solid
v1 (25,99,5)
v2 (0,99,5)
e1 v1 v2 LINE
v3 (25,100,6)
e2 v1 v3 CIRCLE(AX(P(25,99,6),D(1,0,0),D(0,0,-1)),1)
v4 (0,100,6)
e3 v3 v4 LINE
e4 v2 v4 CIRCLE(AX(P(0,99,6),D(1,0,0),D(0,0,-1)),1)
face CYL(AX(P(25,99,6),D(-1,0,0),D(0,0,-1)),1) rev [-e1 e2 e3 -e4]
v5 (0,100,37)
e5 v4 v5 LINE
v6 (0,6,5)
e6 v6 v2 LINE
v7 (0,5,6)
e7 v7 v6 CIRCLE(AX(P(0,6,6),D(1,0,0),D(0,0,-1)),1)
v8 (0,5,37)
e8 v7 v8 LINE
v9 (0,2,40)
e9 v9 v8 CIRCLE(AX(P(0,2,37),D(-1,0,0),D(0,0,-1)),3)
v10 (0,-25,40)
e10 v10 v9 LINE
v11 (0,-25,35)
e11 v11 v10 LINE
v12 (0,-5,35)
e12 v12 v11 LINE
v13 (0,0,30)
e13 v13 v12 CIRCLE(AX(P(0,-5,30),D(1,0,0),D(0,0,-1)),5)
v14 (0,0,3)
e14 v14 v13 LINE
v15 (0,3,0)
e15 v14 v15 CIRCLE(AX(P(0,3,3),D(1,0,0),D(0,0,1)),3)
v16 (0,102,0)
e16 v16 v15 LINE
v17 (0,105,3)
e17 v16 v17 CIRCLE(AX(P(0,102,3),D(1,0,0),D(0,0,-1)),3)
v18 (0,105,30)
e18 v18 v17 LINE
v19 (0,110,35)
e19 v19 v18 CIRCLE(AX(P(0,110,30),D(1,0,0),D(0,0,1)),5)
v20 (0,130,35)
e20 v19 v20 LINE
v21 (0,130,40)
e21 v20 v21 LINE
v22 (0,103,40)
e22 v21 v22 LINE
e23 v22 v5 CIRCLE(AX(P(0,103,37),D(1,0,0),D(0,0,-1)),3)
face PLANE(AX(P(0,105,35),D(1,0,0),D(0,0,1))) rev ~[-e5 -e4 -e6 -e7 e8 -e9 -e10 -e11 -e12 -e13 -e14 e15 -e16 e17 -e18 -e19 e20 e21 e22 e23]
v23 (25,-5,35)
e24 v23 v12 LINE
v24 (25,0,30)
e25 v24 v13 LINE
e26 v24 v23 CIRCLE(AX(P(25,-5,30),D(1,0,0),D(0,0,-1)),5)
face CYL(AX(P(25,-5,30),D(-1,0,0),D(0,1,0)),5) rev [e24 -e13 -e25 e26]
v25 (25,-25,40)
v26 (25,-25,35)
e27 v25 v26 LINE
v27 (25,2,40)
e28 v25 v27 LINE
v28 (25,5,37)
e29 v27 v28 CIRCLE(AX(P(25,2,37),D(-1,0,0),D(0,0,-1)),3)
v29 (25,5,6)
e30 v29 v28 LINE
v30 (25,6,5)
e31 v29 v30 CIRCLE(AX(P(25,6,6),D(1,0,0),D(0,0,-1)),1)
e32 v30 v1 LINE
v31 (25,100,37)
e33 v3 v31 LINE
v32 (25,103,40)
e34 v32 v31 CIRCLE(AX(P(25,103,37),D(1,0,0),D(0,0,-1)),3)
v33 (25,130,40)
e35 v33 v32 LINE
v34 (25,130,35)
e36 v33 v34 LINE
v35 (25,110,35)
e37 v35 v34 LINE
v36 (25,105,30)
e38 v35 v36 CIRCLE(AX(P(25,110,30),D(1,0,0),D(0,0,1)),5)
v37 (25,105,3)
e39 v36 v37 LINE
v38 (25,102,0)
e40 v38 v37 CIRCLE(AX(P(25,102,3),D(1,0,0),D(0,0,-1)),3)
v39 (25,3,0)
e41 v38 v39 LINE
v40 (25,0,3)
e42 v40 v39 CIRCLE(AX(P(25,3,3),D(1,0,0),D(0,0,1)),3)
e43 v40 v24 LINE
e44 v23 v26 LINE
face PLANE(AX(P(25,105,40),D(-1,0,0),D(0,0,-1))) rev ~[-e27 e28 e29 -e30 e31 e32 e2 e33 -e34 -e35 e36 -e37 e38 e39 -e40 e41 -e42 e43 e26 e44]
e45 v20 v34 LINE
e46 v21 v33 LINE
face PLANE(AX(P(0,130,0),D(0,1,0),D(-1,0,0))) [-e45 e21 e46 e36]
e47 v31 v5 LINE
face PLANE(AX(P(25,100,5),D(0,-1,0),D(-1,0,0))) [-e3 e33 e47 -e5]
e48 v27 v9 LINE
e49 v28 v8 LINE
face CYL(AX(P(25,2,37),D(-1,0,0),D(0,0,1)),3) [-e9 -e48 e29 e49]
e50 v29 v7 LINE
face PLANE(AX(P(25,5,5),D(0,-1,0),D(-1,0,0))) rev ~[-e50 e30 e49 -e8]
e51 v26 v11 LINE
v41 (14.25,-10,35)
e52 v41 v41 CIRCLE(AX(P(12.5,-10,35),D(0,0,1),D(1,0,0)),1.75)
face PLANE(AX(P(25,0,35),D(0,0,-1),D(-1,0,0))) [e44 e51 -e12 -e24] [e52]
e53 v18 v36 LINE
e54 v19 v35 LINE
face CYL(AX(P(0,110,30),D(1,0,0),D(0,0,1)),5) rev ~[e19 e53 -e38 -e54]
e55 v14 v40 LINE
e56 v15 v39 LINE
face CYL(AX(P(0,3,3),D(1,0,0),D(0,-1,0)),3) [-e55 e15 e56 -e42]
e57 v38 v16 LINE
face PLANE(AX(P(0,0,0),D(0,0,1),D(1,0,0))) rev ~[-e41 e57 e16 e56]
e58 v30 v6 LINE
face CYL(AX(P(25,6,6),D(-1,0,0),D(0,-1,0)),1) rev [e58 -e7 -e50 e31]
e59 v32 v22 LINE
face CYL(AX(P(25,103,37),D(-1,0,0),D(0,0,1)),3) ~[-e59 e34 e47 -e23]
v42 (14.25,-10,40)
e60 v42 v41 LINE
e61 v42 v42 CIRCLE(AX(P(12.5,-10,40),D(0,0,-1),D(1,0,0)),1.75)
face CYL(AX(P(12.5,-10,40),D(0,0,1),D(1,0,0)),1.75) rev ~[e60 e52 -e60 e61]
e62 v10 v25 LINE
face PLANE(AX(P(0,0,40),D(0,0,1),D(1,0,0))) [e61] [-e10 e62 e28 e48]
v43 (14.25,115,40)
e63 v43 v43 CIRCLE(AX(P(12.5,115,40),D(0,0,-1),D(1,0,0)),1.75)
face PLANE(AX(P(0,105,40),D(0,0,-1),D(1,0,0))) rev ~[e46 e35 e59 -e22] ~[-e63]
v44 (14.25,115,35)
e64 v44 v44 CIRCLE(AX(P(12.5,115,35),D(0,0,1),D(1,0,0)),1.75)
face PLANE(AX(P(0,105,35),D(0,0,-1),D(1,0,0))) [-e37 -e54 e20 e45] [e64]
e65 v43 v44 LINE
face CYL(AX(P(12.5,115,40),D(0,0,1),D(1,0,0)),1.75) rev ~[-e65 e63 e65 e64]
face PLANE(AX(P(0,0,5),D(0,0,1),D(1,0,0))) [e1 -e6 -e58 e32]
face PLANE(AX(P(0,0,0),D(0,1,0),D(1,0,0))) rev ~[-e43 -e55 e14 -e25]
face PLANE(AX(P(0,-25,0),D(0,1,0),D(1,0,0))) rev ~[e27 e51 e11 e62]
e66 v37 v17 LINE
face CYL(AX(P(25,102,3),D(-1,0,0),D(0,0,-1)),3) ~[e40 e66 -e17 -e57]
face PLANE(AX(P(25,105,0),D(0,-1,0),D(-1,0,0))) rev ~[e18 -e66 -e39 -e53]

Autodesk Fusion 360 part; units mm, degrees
sketch "Boceto1" plane through (0, 0, 0) normal (0, 1, 0) x (1, 0, 0)
sketch "Boceto2" plane through (0, 0, 0) normal (0, 0, 1) x (1, 0, 0)
  line L0 (0, 0) -> (0, 90)
  line L1 (0, 90) -> (25, 90)
  line L2 (0, 0) -> (25, 0)
  line L3 (25, 0) -> (25, 90)
  line L4 (25, 90) -> (25, 92)
  line L5 (25, 90) -> (25, 105)
  line L6 (25, 105) -> (0, 105)
  line L7 (0, 105) -> (0, 90)
  dimension "d1" = 90
  dimension "d2" = 25
  dimension "d4" = 15
extrude "Extruir1" add sketch "Boceto2" along normal blind 5
sketch "Boceto3" plane through (0, 0, 5) normal (0, 0, 1) x (1, 0, 0)
  line L0 (0, 0) -> (25, 0)
  line L1 (25, 0) -> (25, 105)
  line L2 (25, 105) -> (0, 105)
  line L3 (0, 105) -> (0, 0)
  line L4 (0, 0) -> (25, 0)
  line L5 (25, 0) -> (25, 5)
  line L6 (25, 5) -> (0, 5)
  line L7 (0, 5) -> (0, 0)
  line L8 (0, 105) -> (25, 105)
  line L9 (25, 105) -> (25, 100)
  line L10 (25, 100) -> (0, 100)
  line L11 (0, 100) -> (0, 105)
  dimension "d7" = 5
  dimension "d8" = 5
extrude "Extruir2" add sketch "Boceto3" along normal blind 35 contours L0 L1 L3 L4 L5 L6 L7 | L1 L2 L3 L8 L9 L10 L11
sketch "Boceto4" plane through (0, 0, 0) normal (0, 1, 0) x (1, 0, 0)
  line L0 (0, -40) -> (25, -40)
  line L1 (25, -40) -> (25, -35)
  line L2 (25, -35) -> (0, -35)
  line L3 (0, -35) -> (0, -40)
  dimension "d11" = 5
extrude "Extruir3" add sketch "Boceto4" against normal blind 25
sketch "Boceto5" plane through (0, 105, 0) normal (0, 1, 0) x (-1, 0, 0)
  line L0 (-25, 0) -> (0, 0)
  line L1 (0, 0) -> (0, 40)
  line L2 (0, 40) -> (-25, 40)
  line L3 (-25, 40) -> (-25, 0)
  line L4 (-25, 40) -> (0, 40)
  line L5 (0, 40) -> (0, 35)
  line L6 (0, 35) -> (-25, 35)
  line L7 (-25, 35) -> (-25, 40)
extrude "Extruir4" add sketch "Boceto5" along normal blind 25 contours L1 L2 L3 L4 L5 L6 L7
sketch "Boceto6" plane through (0, 0, 40) normal (0, 0, 1) x (1, 0, 0)
  line L0 (0, 100) -> (25, 100)
  line L1 (25, 100) -> (25, 130)
  line L2 (25, 130) -> (0, 130)
  line L3 (0, 130) -> (0, 100)
  line L4 (12.5, 130) -> (12.5, 115)
  circle A0 centre (12.5, 115) radius 1.75
  line L5 (0, 50) -> (30, 50)
  line L6 (0, -25) -> (25, -25)
  line L7 (12.5, -25) -> (12.5, -10)
  circle A1 centre (12.5, -10) radius 1.75
  dimension "d16" = 3.5
  dimension "d17" = 3.5
extrude "Extruir5" cut sketch "Boceto6" against normal blind 5 contours A0 | A1
fillet "Empalme1" radius 5 1 edges at (12.5, 105, 35)
fillet "Empalme2" radius 5 1 edges at (12.5, 0, 35)
fillet "Empalme3" radius 3 4 edges at (12.5, 0, 0) (12.5, 105, 0) (12.5, 100, 40) (12.5, 5, 40)
fillet "Empalme4" radius 1 2 edges at (12.5, 5, 5) (12.5, 100, 5)
